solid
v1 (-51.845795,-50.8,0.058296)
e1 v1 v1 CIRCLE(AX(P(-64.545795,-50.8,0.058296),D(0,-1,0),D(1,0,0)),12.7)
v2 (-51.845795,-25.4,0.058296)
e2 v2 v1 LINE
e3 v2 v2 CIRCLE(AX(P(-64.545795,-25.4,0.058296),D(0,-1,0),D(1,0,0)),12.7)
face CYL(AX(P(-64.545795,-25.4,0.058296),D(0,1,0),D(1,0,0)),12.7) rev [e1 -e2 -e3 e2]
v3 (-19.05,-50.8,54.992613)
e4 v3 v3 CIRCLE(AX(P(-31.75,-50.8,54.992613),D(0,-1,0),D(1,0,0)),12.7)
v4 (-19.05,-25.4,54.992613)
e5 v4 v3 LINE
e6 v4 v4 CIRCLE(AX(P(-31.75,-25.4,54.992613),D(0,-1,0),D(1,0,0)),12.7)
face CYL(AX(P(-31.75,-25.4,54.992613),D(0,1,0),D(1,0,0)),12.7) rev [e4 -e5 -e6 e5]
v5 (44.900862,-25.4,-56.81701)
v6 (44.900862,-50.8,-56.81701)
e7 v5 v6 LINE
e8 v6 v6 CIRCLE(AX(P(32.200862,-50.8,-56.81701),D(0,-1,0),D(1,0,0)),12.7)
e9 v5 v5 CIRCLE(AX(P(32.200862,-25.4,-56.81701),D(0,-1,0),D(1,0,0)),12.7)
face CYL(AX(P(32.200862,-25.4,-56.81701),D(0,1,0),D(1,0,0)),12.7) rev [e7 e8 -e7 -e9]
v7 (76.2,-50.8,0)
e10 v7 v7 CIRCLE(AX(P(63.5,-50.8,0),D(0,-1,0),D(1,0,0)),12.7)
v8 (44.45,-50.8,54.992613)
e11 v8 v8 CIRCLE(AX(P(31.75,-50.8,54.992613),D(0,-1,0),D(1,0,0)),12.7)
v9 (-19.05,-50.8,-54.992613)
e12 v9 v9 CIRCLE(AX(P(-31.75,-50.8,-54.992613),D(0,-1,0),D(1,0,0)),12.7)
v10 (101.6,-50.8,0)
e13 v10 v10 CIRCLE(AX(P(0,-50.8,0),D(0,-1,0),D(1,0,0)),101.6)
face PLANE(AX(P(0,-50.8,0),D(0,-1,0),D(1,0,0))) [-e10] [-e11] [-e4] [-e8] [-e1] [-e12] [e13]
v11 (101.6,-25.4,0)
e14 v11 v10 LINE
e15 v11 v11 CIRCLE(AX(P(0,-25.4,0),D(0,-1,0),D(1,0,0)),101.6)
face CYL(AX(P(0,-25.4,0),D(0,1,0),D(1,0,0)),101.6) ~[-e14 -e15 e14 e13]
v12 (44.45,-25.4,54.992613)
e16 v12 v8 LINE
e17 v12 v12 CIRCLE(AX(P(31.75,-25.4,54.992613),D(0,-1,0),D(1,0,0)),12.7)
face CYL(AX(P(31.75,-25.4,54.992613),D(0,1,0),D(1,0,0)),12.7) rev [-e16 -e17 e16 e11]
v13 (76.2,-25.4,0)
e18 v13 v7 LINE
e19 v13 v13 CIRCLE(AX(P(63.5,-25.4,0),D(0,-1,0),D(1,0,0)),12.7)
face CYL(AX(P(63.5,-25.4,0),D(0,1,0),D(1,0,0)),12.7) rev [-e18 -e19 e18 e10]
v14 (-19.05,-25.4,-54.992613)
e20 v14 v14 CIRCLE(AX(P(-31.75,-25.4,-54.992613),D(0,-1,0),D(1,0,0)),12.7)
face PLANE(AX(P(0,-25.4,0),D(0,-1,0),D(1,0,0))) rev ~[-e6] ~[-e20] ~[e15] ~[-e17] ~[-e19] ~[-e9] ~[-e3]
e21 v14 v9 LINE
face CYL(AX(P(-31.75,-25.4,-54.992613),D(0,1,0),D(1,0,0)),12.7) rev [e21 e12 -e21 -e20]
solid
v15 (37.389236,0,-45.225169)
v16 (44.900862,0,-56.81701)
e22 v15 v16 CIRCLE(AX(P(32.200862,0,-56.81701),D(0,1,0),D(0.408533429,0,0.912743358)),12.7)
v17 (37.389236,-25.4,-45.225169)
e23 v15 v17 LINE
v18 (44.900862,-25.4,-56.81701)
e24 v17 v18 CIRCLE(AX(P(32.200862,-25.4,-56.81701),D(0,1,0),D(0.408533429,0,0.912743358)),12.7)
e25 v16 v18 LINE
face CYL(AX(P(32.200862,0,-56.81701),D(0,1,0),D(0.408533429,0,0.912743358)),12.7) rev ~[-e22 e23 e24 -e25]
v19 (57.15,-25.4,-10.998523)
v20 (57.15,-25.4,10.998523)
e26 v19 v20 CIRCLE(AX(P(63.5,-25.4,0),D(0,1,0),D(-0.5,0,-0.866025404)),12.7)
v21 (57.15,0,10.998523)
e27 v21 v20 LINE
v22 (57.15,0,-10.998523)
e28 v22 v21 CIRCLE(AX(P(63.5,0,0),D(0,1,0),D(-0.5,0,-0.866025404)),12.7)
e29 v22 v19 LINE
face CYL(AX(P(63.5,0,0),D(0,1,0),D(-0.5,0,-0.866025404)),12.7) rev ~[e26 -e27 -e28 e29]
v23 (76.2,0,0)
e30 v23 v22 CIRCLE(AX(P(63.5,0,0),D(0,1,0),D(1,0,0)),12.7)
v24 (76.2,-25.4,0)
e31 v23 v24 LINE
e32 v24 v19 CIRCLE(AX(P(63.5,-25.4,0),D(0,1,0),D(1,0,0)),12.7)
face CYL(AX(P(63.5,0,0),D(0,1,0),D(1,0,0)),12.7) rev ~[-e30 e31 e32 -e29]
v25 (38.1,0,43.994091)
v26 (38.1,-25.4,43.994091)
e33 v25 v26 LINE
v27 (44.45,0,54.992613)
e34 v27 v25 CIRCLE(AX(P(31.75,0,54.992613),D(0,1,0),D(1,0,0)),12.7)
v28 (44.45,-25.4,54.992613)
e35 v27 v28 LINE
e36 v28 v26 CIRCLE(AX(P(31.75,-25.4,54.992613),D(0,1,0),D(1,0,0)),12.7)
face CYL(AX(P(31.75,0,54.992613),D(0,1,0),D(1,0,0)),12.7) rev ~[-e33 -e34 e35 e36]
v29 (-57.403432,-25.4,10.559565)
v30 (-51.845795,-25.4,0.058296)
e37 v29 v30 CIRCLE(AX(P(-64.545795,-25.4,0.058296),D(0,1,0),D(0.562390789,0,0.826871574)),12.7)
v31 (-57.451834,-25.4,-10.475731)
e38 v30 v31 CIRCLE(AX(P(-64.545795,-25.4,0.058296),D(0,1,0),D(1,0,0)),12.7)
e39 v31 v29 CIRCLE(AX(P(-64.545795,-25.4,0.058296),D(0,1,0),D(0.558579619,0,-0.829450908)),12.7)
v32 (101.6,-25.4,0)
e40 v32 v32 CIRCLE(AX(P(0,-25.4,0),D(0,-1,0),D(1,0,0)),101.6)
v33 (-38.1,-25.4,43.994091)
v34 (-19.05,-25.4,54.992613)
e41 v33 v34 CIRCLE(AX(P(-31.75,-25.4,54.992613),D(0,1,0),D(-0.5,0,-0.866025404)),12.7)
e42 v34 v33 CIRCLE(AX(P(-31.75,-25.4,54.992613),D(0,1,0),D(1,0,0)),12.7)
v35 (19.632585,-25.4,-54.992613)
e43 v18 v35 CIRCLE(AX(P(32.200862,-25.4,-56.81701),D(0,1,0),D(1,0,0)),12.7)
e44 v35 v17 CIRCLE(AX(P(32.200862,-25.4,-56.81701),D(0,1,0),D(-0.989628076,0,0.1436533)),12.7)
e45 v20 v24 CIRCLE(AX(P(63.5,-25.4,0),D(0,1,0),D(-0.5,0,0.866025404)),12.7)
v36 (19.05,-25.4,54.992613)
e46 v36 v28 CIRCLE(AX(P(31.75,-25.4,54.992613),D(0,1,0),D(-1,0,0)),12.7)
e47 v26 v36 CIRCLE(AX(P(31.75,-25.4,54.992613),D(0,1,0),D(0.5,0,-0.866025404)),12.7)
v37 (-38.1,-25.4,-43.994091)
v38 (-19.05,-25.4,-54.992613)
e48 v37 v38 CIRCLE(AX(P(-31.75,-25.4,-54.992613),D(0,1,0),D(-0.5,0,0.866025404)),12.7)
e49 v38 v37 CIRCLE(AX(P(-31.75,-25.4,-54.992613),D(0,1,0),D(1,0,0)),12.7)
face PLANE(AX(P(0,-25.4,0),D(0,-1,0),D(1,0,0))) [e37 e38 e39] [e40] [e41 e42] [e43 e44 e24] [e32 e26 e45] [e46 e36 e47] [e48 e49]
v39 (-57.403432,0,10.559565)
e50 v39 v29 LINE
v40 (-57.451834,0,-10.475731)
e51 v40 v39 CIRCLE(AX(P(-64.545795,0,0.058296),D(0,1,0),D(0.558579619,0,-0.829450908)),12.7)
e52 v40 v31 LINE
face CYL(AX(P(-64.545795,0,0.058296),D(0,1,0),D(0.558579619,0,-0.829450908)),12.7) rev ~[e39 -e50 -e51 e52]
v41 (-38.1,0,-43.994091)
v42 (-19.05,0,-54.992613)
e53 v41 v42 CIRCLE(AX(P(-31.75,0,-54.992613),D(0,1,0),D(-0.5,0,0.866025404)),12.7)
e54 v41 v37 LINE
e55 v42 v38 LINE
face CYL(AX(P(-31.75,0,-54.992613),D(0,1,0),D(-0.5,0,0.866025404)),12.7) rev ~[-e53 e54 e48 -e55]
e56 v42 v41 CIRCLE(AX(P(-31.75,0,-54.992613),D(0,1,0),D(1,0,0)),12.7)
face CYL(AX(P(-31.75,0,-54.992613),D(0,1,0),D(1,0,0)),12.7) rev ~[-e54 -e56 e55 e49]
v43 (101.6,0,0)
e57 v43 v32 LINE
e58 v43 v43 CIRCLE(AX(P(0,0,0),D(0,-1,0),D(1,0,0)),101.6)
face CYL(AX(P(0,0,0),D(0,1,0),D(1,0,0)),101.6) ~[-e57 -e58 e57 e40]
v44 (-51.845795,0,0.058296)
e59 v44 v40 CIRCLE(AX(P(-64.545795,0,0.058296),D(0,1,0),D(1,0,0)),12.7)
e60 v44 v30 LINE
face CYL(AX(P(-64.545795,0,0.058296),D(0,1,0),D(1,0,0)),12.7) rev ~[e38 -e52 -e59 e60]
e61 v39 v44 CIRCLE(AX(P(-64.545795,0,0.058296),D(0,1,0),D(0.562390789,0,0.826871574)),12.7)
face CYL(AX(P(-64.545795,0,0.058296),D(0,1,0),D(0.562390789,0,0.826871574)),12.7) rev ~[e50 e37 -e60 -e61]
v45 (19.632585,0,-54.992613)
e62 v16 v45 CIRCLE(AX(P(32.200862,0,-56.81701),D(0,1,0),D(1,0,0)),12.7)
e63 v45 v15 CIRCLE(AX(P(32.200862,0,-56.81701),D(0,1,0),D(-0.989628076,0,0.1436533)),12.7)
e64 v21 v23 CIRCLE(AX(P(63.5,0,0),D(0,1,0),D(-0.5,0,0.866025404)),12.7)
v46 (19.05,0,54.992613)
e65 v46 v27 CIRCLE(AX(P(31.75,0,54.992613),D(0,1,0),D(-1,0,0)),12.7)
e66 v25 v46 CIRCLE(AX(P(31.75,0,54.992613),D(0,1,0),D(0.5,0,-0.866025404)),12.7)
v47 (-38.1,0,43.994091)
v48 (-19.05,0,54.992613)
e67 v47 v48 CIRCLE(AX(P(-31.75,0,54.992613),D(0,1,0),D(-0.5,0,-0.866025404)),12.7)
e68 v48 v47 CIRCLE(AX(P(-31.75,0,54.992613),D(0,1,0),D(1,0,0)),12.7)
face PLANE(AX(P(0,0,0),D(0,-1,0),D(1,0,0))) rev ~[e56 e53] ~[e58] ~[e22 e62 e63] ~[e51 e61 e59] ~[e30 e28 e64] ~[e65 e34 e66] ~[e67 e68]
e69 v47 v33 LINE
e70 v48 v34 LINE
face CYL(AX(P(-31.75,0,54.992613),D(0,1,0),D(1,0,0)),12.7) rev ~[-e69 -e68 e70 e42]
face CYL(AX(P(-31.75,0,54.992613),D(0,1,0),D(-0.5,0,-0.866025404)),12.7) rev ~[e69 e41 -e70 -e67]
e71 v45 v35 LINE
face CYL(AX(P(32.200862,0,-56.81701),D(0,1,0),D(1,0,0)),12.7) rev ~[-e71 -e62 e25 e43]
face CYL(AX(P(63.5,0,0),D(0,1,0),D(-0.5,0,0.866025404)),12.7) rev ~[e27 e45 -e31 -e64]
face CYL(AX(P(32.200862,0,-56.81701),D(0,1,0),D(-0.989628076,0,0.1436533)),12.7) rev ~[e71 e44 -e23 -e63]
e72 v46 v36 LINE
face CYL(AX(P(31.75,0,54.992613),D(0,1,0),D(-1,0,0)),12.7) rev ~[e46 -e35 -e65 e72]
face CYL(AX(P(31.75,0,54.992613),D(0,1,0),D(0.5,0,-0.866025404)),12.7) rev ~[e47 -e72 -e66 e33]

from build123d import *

# Parameters (mm, degrees)
F0_R     = 101.6
F1_DEPTH = 25.4
F2_R     = 101.6
F2_R_2   = 12.7
F3_DEPTH = 25.4


with BuildPart() as f1:
    # F0 (on Front) → F1 (new body)
    with BuildSketch(Plane.XZ):
        Circle(F0_R)
        with BuildLine():
            Line((19.6325851525, -54.9926131403), (-19.05, -54.9926131403))
            ThreePointArc((-19.05, -54.9926131403), (-38.1, -65.9911357684), (-38.1, -43.9940905122))
            Line((-38.1, -43.9940905122), (-57.4518341607, -10.4757305262))
            ThreePointArc((-57.4518341607, -10.4757305262), (-77.2457617014, 0.0875184165), (-57.4034323023, 10.5595650041))
            Line((-57.4034323023, 10.5595650041), (-38.1, 43.9940905122))
            ThreePointArc((-38.1, 43.9940905122), (-38.1, 65.9911357684), (-19.05, 54.9926131403))
            Line((-19.05, 54.9926131403), (19.05, 54.9926131403))
            ThreePointArc((19.05, 54.9926131403), (31.75, 67.6926131403), (44.45, 54.9926131403))
            ThreePointArc((44.45, 54.9926131403), (42.7485226281, 48.6426131403), (38.1, 43.9940905122))
            Line((38.1, 43.9940905122), (57.15, 10.9985226281))
            ThreePointArc((57.15, 10.9985226281), (69.85, 10.9985226281), (76.2, 0))
            ThreePointArc((76.2, 0), (69.85, -10.9985226281), (57.15, -10.9985226281))
            Line((57.15, -10.9985226281), (37.3892362724, -45.2251694006))
            ThreePointArc((37.3892362724, -45.2251694006), (42.8587779535, -49.9105766959), (44.9008617222, -56.8170100451))
            ThreePointArc((44.9008617222, -56.8170100451), (31.2862887169, -69.4840363819), (19.6325851525, -54.9926131403))
        make_face(mode=Mode.SUBTRACT)
        with BuildLine():
            ThreePointArc((-38.1, -43.9940905122), (-25.4, -43.9940905122), (-19.05, -54.9926131403))
            Line((-19.05, -54.9926131403), (19.6325851525, -54.9926131403))
            ThreePointArc((19.6325851525, -54.9926131403), (26.0798750569, -45.689408226), (37.3892362724, -45.2251694006))
            Line((37.3892362724, -45.2251694006), (57.15, -10.9985226281))
            ThreePointArc((57.15, -10.9985226281), (50.8, 0), (57.15, 10.9985226281))
            Line((57.15, 10.9985226281), (38.1, 43.9940905122))
            ThreePointArc((38.1, 43.9940905122), (25.4, 43.9940905122), (19.05, 54.9926131403))
            Line((19.05, 54.9926131403), (-19.05, 54.9926131403))
            ThreePointArc((-19.05, 54.9926131403), (-25.4, 43.9940905122), (-38.1, 43.9940905122))
            Line((-38.1, 43.9940905122), (-57.4034323023, 10.5595650041))
            ThreePointArc((-57.4034323023, 10.5595650041), (-53.3208674744, 5.9989184369), (-51.8457953215, 0.0582960092))
            ThreePointArc((-51.8457953215, 0.0582960092), (-53.3345664249, -5.9081389925), (-57.4518341607, -10.4757305262))
            Line((-57.4518341607, -10.4757305262), (-38.1, -43.9940905122))
        make_face()
    extrude(amount=F1_DEPTH)


with BuildPart() as f3:
    # F2 (on face) → F3 (new body)
    with BuildSketch(Plane.XZ.offset(25.4)):
        Circle(F2_R)
        with Locations((-31.75, -54.9926131403)):
            Circle(F2_R_2, mode=Mode.SUBTRACT)
        with Locations((32.2008617222, -56.8170100451)):
            Circle(F2_R_2, mode=Mode.SUBTRACT)
        with Locations((63.5, 0)):
            Circle(F2_R_2, mode=Mode.SUBTRACT)
        with Locations((-64.5457953215, 0.0582960092)):
            Circle(F2_R_2, mode=Mode.SUBTRACT)
        with Locations((-31.75, 54.9926131403)):
            Circle(F2_R_2, mode=Mode.SUBTRACT)
        with Locations((31.75, 54.9926131403)):
            Circle(F2_R_2, mode=Mode.SUBTRACT)
    extrude(amount=F3_DEPTH)


solid = Compound([f1.part, f3.part])
